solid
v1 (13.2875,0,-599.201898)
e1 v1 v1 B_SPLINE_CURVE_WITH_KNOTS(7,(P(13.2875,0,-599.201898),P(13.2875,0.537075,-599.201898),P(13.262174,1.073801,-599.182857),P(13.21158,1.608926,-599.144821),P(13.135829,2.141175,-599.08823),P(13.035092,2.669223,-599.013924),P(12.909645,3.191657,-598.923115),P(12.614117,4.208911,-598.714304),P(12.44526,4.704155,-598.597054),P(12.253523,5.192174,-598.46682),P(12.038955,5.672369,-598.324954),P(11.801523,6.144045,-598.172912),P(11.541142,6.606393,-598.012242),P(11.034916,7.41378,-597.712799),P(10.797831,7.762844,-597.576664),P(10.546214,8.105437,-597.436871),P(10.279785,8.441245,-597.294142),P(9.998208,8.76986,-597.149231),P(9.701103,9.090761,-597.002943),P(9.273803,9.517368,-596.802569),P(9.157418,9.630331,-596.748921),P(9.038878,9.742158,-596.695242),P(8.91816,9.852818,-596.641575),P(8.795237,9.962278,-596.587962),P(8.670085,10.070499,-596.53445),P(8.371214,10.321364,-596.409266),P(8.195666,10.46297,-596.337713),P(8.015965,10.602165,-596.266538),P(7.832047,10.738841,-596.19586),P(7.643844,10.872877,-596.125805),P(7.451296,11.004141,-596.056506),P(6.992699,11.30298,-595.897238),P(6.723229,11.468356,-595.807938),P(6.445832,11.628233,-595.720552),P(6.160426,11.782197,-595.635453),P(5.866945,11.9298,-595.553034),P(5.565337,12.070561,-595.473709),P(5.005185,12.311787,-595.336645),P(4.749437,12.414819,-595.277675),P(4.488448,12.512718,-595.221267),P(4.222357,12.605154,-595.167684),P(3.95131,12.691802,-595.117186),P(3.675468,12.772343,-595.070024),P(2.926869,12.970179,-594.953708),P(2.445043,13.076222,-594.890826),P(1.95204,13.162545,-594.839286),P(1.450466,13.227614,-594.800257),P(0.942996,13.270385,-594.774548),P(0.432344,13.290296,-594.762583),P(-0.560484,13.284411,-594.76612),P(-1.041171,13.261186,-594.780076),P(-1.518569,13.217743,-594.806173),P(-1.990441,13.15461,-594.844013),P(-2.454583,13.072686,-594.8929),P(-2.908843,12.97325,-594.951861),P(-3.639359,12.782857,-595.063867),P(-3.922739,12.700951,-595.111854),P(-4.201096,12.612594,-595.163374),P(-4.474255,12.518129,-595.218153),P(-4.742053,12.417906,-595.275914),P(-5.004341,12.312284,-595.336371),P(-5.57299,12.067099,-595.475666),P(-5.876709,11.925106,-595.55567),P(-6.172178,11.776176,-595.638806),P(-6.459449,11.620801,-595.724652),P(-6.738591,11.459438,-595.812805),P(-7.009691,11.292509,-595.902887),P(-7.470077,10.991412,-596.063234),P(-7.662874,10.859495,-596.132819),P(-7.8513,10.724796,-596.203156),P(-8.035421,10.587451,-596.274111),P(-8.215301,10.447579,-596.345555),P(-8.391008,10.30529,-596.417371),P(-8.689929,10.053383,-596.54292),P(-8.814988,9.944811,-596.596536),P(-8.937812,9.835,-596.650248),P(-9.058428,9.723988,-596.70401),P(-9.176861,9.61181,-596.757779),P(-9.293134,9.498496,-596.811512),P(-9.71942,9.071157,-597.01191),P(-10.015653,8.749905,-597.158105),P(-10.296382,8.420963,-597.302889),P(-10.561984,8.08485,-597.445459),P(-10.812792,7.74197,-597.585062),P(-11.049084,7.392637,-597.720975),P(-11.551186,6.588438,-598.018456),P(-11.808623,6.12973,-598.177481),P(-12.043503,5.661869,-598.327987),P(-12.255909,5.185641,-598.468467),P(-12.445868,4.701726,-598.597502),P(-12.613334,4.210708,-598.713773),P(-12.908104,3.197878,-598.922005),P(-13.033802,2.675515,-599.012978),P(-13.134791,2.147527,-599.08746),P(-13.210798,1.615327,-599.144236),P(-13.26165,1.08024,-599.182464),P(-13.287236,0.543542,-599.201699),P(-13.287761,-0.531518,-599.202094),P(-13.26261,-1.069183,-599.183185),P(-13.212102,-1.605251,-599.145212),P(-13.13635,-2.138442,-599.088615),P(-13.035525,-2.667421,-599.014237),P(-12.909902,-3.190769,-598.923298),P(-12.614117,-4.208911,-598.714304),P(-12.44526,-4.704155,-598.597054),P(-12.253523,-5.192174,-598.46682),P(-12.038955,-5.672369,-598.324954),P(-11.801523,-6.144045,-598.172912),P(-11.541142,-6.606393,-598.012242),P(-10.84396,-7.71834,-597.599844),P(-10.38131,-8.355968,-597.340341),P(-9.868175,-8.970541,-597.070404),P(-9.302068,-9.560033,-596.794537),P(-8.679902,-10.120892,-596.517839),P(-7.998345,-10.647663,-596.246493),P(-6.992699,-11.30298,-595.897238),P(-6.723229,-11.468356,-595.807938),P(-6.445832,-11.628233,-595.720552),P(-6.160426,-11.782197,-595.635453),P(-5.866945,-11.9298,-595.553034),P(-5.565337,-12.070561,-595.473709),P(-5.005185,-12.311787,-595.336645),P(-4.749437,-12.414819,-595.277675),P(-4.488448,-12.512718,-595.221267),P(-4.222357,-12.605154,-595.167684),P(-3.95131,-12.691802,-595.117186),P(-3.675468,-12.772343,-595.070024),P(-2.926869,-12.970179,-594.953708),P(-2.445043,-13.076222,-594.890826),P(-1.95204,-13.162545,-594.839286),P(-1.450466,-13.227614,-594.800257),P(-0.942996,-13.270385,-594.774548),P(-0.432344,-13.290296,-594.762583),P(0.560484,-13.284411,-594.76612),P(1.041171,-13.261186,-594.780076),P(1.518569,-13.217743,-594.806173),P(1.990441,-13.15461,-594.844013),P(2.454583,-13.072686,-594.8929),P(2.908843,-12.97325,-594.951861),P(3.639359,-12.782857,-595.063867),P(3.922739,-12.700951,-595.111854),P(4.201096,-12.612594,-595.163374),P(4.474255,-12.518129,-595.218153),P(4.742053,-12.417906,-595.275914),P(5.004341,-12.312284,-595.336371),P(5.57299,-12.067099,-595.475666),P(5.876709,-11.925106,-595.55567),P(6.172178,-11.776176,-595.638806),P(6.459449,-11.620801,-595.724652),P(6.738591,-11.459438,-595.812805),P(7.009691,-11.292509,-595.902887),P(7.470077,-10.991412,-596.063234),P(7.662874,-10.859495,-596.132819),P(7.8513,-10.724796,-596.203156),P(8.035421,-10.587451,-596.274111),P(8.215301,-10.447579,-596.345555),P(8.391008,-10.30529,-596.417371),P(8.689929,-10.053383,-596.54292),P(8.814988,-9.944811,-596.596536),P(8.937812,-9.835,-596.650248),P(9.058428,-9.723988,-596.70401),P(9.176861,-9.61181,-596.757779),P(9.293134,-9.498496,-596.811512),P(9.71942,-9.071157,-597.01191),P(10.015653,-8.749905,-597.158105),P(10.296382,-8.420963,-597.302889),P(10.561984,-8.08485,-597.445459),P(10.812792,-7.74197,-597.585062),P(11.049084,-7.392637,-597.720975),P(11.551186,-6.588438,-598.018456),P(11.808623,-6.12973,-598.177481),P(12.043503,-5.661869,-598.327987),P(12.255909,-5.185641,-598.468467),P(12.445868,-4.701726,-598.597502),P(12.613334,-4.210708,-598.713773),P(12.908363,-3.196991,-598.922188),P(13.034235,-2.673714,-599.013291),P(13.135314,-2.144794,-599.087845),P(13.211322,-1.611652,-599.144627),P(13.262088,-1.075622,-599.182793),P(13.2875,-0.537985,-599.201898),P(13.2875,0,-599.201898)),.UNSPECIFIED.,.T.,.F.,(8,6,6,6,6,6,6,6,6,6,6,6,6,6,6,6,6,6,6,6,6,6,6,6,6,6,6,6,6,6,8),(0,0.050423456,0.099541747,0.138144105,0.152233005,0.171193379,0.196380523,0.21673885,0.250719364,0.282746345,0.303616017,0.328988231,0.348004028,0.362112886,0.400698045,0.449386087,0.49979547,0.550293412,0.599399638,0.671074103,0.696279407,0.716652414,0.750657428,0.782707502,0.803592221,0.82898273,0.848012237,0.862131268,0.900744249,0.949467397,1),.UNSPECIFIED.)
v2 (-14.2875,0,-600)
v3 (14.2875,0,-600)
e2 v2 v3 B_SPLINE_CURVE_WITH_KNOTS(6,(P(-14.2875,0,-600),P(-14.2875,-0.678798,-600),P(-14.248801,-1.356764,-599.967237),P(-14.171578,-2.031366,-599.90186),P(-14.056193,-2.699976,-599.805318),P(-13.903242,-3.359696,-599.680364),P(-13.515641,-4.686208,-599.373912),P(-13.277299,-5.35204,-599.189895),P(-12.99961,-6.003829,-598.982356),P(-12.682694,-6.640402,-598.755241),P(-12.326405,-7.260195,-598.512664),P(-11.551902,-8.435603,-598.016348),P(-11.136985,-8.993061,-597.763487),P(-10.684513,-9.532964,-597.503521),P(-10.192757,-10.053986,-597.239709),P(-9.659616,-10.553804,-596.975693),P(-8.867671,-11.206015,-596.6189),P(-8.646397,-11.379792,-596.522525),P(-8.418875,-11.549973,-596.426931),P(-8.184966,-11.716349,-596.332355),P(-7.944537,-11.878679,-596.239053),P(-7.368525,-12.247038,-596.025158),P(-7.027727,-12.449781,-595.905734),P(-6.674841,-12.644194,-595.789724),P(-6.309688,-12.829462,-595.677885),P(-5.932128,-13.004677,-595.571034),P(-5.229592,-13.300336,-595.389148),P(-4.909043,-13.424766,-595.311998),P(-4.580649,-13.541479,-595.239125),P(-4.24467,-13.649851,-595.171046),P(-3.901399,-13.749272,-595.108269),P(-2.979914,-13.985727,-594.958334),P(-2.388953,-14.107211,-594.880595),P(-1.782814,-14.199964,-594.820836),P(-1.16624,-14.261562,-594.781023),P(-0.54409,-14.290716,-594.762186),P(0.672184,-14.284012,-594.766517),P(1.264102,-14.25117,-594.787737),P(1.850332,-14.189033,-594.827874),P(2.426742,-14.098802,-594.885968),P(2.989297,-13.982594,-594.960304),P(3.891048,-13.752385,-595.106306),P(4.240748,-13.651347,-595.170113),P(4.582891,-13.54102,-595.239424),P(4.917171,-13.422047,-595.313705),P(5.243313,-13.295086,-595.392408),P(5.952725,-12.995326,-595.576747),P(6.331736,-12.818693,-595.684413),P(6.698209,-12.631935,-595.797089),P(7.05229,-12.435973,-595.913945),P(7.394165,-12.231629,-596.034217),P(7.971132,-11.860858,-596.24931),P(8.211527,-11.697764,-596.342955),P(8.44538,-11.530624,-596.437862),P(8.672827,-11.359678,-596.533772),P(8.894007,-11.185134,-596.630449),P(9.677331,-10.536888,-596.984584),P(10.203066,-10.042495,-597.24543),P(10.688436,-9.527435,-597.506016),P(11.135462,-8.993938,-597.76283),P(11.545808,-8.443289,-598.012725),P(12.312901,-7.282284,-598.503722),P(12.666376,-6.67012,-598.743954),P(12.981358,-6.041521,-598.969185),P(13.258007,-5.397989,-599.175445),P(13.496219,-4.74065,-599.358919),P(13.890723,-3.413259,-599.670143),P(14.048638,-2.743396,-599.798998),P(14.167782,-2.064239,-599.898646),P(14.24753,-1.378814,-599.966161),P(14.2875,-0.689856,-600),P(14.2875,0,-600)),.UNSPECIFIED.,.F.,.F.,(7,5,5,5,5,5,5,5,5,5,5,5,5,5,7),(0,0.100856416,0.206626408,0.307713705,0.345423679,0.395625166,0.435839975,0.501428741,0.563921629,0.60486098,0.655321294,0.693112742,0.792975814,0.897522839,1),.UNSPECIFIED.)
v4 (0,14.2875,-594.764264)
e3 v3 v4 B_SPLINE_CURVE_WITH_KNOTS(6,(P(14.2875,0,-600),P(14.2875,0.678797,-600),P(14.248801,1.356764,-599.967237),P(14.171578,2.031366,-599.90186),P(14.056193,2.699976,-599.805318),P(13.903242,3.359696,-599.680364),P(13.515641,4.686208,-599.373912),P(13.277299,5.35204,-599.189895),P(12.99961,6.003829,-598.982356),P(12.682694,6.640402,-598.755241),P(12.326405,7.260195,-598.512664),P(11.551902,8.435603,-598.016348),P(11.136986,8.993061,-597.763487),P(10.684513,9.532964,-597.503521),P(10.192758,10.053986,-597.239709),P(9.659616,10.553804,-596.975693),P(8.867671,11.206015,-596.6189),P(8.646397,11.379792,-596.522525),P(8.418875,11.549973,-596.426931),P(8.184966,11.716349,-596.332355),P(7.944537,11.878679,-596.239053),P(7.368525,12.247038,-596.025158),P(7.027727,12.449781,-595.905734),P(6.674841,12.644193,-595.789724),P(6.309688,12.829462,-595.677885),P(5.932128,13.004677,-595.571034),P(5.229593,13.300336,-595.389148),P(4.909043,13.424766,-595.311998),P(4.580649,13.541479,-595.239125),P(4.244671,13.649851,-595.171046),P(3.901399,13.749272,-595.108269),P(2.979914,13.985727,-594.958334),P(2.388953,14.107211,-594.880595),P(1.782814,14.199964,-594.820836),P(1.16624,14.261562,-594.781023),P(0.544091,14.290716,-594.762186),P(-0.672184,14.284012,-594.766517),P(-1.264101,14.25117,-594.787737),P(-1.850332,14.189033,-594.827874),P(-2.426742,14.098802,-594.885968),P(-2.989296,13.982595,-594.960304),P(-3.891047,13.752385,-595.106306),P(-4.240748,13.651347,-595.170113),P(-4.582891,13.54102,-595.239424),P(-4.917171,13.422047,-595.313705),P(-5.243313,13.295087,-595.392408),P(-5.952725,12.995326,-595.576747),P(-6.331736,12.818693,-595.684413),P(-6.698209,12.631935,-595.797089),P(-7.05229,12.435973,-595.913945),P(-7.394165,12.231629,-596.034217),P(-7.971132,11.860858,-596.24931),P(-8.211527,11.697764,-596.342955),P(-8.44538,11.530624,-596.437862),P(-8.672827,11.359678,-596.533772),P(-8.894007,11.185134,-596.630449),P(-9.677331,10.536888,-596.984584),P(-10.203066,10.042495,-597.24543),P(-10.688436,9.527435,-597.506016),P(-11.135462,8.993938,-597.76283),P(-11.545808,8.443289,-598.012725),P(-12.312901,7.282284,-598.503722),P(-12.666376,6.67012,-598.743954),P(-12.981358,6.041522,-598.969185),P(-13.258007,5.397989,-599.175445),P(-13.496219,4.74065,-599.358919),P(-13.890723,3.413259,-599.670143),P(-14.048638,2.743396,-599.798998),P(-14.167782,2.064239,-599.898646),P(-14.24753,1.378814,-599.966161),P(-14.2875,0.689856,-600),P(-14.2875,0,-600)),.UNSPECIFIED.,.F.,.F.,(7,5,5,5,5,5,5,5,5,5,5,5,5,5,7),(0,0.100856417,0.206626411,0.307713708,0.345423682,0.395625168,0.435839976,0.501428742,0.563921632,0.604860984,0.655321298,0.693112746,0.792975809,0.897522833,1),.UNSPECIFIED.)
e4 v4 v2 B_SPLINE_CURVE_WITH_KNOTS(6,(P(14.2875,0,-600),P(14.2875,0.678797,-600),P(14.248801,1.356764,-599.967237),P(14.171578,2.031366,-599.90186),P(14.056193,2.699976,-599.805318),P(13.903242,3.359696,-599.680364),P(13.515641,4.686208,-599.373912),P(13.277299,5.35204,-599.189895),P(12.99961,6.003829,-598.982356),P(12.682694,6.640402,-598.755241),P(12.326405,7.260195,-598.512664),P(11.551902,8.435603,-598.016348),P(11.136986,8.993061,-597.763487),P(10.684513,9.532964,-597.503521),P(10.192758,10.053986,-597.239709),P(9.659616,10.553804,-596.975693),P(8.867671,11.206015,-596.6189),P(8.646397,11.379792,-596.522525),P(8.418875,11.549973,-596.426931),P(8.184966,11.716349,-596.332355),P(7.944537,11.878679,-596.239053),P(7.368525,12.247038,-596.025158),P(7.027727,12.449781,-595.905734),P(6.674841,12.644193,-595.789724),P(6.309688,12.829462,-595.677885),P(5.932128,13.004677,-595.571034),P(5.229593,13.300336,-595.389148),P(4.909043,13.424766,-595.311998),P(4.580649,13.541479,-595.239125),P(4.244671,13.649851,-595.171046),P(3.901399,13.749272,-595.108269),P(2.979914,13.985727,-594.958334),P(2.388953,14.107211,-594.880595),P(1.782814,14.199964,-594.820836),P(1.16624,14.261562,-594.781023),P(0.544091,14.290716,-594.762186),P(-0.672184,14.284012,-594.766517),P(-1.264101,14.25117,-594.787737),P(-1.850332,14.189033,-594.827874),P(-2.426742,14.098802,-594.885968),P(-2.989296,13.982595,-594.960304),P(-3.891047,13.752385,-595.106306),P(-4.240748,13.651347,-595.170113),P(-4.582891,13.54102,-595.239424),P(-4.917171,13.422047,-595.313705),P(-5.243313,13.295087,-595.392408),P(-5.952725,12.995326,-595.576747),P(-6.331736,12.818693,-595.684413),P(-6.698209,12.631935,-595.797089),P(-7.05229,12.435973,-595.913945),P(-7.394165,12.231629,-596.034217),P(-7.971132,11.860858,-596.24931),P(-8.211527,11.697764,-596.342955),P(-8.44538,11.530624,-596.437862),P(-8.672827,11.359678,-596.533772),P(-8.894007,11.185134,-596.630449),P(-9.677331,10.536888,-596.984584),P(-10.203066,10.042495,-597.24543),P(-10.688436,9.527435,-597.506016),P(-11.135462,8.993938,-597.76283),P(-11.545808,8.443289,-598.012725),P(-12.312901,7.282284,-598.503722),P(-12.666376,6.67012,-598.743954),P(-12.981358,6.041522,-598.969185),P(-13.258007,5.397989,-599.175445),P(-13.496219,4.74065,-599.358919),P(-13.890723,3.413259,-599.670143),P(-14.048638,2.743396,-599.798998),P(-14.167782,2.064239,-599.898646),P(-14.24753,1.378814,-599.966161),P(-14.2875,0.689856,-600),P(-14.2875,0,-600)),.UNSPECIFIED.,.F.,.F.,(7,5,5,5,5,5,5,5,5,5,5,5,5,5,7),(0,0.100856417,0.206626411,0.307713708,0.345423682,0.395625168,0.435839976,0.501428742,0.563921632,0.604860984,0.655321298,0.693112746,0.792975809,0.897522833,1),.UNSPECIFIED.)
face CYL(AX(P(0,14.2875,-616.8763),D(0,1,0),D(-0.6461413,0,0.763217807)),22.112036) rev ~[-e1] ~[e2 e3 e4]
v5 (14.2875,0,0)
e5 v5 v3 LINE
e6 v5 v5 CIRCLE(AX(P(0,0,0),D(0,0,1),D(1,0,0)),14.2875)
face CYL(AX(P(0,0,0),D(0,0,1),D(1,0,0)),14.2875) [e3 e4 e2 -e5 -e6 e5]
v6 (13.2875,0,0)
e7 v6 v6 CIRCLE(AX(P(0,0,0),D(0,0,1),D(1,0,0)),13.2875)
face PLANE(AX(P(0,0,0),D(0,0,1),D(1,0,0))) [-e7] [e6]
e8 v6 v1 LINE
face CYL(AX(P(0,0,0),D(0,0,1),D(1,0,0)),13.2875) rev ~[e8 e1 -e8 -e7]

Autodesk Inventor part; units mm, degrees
ref_plane "YZ Plane" through (0, 0, 0) normal (1, 0, 0) x (0, 1, 0)
ref_plane "XY Plane" through (0, 0, 0) normal (0, 0, 1) x (1, 0, 0)
sketch "Sketch1" plane through (0, 0, 0) normal (0, 0, 1) x (1, 0, 0)
  circle A0 centre (0, 0) radius 14.2875
  circle A1 centre (0, 0) radius 13.2875
  dimension "d0" = 28.575
  dimension "d3" = 1
extrude "Extrusion1" add sketch "Sketch1" against normal blind 600
ref_plane "Work Plane1" through (0, 14.2875, 0) normal (0, 1, 0) x (-1, 0, 0)
sketch "Sketch2" plane through (0, 14.2875, 0) normal (0, 1, 0) x (-1, 0, 0)
  line L0 (14.2875, 0) -> (14.2875, -600) projected
  line L1 (-14.2875, 0) -> (-14.2875, -600) projected
  arc A0 (14.2875, -600) -> (-14.2875, -600) centre (0, -616.8763) ccw
  line L2 (-14.2875, -600) -> (14.2875, -600) projected
  point P0 (0, 0)
  dimension "d15" = 22.112
extrude "Extrusion2" cut sketch "Sketch2" against normal through all
properties part number "Barra_1_1-8_600_BP" material "Steel, Mild"
